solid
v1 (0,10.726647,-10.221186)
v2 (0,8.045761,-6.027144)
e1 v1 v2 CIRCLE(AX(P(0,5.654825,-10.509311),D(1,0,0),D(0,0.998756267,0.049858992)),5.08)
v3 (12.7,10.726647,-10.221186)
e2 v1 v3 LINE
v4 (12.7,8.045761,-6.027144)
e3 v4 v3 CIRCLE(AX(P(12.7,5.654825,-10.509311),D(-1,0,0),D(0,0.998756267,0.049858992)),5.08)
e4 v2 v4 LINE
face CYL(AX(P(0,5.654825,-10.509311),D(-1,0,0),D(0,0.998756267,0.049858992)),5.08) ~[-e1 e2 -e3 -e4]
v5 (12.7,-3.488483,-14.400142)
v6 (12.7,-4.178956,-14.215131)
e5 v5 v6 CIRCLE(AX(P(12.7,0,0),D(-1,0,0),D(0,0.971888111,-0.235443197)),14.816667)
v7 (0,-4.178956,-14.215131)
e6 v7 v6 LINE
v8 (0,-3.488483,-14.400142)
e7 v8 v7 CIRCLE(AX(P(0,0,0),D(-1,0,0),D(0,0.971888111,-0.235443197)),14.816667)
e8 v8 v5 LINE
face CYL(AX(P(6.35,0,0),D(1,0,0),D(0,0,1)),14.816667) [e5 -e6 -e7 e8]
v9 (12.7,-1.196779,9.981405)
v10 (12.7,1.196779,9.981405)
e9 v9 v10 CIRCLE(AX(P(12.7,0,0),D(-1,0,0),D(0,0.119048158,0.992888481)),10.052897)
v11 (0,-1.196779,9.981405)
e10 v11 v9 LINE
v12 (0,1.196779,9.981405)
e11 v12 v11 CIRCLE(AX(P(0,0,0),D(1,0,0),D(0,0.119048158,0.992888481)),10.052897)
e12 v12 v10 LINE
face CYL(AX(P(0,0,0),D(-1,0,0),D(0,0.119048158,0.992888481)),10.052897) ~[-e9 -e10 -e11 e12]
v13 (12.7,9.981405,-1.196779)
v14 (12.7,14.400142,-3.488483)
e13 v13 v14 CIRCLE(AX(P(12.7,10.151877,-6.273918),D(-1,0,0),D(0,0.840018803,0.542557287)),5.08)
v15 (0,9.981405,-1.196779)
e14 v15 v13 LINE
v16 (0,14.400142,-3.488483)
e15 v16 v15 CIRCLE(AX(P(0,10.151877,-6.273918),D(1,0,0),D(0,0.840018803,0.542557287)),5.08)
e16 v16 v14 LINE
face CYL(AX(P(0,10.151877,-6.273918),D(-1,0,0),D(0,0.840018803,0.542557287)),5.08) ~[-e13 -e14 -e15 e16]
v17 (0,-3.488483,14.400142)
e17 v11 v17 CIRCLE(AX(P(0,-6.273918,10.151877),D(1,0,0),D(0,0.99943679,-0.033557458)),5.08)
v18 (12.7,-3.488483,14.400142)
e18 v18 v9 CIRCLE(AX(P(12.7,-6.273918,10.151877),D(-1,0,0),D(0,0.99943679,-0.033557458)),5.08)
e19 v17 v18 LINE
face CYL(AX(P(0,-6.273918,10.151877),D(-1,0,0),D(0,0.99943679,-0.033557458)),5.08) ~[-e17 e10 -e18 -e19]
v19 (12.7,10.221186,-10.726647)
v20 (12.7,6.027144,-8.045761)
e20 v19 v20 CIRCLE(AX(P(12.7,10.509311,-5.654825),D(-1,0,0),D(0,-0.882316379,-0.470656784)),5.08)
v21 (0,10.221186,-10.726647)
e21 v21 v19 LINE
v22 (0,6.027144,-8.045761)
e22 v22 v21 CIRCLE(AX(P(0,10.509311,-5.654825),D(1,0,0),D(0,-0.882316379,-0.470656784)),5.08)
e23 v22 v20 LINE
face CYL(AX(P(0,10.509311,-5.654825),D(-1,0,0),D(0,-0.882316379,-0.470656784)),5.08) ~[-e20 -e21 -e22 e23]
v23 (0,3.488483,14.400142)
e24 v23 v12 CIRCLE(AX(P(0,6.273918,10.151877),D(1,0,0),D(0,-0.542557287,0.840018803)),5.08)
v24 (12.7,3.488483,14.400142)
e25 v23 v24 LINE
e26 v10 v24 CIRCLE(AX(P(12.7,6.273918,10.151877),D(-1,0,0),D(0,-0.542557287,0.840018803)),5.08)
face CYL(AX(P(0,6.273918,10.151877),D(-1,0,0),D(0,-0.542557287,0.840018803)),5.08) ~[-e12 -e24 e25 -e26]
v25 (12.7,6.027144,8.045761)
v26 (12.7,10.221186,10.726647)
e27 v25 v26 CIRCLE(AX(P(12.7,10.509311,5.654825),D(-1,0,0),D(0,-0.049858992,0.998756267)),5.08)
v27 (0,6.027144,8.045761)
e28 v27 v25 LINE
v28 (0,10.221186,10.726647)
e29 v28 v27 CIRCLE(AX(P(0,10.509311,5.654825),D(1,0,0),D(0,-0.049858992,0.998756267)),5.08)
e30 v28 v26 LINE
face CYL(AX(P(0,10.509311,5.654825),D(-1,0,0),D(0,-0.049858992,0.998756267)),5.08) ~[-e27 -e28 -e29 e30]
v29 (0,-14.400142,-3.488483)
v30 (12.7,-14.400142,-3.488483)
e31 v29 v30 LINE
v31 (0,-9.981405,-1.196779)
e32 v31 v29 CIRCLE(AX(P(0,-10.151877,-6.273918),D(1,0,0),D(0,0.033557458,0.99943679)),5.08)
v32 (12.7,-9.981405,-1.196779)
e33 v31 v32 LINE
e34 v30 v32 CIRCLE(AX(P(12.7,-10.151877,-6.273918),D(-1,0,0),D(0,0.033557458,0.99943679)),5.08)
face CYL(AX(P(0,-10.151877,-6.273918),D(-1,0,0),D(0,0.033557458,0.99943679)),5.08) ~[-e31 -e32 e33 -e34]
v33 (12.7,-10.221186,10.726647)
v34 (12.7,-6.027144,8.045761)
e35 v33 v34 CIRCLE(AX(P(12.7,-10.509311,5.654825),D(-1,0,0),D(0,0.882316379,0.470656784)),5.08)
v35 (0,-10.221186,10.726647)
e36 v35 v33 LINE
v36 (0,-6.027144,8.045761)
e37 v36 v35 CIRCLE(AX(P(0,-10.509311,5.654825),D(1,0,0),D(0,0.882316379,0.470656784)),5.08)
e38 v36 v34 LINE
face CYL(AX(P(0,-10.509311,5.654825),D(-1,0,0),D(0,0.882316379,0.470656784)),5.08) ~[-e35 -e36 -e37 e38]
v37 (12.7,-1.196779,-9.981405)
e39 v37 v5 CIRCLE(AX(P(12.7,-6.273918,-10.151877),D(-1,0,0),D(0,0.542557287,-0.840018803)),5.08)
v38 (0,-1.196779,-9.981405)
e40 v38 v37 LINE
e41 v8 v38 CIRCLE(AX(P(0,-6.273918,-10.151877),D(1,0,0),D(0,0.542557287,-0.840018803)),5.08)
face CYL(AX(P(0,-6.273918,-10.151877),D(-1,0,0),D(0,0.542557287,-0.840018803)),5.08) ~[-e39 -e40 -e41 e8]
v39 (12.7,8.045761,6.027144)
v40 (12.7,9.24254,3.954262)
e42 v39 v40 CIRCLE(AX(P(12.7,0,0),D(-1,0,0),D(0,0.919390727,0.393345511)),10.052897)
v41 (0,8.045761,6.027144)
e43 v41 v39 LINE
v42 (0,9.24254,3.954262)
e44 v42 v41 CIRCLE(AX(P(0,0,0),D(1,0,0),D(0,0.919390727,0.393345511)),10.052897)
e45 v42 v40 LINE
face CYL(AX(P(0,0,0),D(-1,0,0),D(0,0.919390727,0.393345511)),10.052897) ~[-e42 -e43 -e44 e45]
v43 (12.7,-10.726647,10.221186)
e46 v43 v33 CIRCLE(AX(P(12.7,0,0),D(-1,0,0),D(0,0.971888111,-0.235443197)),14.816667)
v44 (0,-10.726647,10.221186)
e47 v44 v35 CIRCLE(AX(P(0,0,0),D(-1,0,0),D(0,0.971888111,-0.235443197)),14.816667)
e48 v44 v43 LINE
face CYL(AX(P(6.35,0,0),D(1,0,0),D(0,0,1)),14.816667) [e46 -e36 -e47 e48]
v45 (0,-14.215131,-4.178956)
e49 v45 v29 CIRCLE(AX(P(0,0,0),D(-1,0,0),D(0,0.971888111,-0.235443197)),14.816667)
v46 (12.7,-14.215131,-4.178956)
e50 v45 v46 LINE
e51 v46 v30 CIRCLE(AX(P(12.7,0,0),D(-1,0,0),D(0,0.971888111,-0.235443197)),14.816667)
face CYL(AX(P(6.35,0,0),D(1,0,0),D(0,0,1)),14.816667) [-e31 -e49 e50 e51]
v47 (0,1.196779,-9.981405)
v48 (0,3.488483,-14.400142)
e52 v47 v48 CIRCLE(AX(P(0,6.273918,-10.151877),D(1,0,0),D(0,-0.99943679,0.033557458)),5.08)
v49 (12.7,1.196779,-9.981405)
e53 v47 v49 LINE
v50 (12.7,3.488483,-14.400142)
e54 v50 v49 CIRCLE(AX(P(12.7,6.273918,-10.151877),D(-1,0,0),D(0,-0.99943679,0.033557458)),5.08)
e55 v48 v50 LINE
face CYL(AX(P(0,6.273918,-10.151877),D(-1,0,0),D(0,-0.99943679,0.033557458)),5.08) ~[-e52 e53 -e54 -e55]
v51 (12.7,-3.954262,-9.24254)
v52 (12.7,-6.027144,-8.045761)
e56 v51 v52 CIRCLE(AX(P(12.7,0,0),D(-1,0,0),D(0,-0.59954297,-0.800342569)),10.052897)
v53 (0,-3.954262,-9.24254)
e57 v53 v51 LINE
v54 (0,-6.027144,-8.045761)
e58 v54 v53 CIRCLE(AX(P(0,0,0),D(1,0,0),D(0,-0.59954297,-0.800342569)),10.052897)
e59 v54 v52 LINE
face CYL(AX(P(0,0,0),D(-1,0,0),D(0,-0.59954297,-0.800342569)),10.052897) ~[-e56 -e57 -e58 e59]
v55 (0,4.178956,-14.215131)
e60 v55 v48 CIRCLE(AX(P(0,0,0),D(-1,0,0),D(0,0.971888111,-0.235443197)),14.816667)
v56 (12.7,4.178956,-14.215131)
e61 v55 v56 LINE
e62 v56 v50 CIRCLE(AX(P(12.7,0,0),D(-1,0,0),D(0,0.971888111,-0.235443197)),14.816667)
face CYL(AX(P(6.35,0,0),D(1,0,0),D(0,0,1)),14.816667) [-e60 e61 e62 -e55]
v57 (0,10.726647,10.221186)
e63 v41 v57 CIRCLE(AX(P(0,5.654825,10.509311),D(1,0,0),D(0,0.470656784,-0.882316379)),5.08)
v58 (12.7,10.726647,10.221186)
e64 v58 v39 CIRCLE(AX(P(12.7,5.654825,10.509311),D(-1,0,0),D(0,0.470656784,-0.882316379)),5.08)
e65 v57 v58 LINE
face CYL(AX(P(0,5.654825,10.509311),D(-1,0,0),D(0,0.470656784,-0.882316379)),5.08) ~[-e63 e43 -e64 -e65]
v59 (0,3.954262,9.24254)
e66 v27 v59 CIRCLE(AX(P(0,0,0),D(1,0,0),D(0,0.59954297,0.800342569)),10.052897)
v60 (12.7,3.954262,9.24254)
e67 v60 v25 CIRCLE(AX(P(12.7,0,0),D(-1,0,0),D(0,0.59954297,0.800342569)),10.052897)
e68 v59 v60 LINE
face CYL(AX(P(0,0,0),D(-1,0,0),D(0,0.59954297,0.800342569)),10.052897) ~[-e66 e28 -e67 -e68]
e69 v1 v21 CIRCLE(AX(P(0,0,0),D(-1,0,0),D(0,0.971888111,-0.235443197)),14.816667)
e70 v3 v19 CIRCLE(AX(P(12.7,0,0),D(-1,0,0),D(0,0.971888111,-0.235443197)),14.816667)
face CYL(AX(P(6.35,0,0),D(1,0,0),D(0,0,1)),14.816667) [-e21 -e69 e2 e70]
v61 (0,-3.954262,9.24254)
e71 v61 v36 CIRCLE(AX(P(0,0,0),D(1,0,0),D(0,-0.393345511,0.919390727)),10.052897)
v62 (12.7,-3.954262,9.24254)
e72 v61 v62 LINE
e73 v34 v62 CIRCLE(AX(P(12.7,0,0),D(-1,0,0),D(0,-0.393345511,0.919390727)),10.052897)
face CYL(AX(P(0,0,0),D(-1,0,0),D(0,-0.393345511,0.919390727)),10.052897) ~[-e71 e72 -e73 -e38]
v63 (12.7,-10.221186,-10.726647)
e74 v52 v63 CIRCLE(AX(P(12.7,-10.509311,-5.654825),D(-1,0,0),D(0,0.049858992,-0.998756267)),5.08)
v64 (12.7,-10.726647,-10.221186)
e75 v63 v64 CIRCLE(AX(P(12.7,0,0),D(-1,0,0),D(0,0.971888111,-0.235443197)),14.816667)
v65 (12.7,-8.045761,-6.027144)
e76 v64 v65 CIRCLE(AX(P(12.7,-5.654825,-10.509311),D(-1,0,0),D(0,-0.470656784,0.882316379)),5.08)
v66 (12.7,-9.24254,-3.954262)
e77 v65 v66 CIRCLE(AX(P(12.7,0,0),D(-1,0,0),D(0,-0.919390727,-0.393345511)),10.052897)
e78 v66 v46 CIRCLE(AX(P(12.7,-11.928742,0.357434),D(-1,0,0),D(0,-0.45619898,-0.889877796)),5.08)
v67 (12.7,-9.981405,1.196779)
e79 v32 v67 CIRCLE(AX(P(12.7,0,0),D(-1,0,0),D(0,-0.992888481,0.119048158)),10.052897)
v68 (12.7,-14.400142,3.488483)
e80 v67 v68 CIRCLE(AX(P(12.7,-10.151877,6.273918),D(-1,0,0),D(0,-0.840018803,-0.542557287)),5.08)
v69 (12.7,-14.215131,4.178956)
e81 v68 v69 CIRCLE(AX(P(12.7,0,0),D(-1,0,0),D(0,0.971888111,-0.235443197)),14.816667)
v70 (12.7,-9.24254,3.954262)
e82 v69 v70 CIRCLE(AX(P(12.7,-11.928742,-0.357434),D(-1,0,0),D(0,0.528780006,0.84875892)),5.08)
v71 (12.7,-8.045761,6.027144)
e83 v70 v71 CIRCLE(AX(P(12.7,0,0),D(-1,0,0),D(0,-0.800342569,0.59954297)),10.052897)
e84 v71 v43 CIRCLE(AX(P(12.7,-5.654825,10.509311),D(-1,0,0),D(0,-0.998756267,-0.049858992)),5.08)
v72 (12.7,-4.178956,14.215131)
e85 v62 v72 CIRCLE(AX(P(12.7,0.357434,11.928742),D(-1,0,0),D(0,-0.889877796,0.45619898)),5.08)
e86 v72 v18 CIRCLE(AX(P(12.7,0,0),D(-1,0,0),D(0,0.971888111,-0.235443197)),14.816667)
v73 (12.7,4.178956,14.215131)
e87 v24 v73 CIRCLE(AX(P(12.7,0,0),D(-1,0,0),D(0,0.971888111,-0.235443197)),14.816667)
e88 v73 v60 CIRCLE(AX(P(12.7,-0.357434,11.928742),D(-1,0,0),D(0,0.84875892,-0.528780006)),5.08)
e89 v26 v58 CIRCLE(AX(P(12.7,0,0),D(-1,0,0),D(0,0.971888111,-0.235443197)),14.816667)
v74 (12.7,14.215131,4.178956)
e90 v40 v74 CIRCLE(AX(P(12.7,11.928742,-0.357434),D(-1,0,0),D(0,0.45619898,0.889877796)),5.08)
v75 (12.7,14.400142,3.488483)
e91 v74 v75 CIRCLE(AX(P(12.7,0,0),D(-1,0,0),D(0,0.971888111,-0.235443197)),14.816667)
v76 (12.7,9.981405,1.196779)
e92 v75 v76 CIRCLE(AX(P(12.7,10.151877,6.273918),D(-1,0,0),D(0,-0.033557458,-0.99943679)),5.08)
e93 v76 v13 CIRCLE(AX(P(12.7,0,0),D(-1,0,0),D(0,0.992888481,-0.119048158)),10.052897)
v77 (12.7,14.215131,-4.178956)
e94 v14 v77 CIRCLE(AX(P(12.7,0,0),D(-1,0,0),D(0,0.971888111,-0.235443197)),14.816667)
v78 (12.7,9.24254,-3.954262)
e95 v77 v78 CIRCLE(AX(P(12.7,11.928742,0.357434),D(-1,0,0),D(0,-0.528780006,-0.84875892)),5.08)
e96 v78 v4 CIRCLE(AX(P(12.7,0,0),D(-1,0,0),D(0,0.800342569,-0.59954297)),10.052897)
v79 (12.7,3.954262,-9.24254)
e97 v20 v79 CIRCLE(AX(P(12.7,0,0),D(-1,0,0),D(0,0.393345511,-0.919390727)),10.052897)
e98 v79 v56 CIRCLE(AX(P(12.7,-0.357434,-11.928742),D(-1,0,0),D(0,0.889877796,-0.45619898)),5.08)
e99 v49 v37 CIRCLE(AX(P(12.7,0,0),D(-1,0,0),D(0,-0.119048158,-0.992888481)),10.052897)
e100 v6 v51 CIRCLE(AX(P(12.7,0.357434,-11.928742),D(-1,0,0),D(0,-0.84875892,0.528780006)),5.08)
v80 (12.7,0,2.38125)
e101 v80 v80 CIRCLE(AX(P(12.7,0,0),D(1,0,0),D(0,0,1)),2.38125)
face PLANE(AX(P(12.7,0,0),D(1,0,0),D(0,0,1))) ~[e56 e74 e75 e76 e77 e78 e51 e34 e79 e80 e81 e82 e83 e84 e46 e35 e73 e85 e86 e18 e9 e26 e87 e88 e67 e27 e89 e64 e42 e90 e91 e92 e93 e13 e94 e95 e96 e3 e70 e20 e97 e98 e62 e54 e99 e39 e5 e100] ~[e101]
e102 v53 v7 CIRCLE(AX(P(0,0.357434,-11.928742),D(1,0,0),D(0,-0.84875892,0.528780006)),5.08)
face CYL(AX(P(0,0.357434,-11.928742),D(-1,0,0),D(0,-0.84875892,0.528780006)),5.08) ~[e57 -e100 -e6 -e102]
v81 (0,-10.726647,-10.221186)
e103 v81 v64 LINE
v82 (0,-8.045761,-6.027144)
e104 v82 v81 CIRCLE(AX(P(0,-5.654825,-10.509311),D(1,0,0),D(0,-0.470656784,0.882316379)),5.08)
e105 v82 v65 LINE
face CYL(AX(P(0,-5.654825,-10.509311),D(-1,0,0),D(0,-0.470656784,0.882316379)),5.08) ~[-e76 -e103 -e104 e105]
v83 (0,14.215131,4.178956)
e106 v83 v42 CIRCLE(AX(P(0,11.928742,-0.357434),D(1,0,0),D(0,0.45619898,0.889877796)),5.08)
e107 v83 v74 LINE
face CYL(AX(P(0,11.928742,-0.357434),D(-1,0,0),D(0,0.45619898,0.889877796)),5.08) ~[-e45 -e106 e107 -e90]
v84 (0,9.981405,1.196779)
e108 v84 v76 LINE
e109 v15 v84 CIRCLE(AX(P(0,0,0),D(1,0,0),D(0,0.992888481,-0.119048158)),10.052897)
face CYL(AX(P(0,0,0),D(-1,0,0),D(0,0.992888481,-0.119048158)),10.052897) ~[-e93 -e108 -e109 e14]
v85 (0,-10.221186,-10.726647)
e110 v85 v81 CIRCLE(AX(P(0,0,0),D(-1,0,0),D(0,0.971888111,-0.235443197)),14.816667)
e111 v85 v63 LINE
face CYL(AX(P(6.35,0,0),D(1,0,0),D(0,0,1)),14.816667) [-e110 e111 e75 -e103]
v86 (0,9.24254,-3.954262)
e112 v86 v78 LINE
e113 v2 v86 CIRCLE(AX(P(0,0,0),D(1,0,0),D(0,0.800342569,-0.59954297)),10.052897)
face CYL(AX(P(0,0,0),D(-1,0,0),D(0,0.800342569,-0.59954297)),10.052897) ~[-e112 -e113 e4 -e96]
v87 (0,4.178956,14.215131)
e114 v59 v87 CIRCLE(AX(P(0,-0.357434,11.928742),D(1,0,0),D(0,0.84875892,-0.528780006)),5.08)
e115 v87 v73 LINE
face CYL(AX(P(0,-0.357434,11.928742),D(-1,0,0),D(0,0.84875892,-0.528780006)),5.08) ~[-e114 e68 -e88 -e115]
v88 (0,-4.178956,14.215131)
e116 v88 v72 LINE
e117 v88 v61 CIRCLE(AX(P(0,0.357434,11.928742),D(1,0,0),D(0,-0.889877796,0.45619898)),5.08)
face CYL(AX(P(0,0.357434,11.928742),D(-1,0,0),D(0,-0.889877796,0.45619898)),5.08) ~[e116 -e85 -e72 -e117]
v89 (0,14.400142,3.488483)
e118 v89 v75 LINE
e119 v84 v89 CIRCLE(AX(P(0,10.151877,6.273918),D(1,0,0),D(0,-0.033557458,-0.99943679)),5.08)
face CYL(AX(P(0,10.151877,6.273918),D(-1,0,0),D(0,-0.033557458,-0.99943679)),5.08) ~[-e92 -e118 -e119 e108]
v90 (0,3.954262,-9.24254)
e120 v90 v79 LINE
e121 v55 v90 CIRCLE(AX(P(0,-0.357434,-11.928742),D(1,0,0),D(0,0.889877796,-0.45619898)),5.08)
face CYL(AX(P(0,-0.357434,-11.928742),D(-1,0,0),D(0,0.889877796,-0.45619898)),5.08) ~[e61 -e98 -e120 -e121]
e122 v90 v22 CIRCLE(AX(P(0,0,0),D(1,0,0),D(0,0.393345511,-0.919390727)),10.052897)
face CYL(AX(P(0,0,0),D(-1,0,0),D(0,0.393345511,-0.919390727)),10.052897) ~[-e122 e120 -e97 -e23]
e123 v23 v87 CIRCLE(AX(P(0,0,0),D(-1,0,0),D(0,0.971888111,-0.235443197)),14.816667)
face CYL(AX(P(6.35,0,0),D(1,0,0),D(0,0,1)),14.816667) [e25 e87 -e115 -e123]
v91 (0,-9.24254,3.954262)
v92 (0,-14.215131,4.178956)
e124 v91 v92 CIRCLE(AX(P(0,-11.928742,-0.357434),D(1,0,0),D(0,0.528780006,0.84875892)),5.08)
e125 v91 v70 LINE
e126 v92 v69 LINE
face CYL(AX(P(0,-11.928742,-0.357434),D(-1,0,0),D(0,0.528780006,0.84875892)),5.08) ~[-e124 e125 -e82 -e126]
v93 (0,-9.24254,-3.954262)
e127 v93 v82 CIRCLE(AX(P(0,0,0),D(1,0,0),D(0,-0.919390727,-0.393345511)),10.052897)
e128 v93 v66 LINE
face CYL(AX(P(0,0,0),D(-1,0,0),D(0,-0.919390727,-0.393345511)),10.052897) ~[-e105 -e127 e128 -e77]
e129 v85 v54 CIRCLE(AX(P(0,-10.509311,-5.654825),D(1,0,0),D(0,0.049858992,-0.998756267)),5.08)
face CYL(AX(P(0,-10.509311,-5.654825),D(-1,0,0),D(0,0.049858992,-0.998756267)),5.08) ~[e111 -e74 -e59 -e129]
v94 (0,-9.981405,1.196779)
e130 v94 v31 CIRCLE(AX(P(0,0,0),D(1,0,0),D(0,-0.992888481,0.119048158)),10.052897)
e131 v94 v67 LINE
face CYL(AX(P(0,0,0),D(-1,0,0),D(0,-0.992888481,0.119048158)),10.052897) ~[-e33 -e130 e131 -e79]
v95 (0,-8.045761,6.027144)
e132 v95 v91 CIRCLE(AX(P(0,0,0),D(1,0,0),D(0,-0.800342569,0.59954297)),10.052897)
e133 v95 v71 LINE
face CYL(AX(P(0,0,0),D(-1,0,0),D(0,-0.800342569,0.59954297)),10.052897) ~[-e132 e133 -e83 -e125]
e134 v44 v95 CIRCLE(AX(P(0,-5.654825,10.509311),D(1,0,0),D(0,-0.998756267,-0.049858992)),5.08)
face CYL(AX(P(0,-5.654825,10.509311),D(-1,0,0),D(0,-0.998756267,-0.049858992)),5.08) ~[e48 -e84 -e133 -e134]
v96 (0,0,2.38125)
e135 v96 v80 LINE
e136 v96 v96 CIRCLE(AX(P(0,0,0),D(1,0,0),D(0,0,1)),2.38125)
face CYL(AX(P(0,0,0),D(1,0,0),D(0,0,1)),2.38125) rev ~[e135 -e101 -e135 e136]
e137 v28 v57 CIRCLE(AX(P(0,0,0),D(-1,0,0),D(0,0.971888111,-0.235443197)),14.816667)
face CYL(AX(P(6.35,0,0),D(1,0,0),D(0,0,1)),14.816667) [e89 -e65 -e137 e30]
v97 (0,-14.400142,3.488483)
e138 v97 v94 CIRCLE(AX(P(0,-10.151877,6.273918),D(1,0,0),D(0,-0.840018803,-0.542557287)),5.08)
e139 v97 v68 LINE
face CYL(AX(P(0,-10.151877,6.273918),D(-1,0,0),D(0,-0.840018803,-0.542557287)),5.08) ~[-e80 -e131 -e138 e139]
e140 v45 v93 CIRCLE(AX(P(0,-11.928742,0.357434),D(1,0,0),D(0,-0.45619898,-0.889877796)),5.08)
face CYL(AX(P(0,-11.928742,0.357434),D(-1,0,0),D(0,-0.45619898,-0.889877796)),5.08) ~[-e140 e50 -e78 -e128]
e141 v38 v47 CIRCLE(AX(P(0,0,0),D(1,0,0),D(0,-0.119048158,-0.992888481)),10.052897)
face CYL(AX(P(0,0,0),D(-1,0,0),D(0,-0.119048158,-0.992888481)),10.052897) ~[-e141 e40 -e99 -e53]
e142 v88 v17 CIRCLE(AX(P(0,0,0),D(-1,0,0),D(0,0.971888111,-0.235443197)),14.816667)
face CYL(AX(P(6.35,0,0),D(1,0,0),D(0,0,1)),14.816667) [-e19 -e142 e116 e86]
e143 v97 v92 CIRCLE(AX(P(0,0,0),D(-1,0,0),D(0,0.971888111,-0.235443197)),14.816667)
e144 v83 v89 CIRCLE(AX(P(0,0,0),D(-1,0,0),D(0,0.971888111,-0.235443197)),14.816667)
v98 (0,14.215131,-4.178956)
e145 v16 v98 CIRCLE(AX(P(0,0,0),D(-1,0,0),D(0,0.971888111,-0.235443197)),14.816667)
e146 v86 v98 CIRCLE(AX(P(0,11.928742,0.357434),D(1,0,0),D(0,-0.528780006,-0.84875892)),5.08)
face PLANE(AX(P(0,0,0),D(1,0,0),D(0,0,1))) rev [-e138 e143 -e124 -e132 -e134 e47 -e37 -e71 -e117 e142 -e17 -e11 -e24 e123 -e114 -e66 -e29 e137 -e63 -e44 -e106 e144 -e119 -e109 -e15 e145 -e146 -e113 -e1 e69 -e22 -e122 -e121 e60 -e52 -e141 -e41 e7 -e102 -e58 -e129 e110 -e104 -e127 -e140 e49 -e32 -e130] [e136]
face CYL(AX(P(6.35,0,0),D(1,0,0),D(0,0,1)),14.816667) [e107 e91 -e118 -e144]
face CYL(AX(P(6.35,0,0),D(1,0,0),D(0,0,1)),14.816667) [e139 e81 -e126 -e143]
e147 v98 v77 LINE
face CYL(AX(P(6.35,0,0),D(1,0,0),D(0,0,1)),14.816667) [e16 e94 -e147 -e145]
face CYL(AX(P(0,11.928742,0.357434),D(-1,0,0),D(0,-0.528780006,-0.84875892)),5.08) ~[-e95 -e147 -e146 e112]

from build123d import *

# Parameters (mm, degrees)
BASPROSKE_W     = 12.7
BASPROSKE_H     = 14.816666667
TOOTHCUT_DEPTH  = 25.502188111
TEETHCUTS_COUNT = 12
TEETHCUTS_ANGLE = 330
BORSKE_R        = 2.38125
BORE_DEPTH      = 50.8000508


with BuildPart() as part:
    # BasProSke → Base-Revolve (revolve)
    with BuildSketch(Plane(origin=(0, 0, 0), x_dir=(1, 0, 0), z_dir=(0, 1, 0)), mode=Mode.PRIVATE) as base_revolve_sk:
        with Locations((6.35, 7.408333334)):
            Rectangle(BASPROSKE_W, BASPROSKE_H)
    revolve(base_revolve_sk.sketch.rotate(Axis((-10, 0, 0), (1, 0, 0)), 180), axis=Axis((-10, 0, 0), (1, 0, 0)))

    # TooCutSke → ToothCut (cut, through all)
    with BuildSketch(Plane(origin=(0, 0, 0), x_dir=(0, 0, -1), z_dir=(1, 0, 0))):
        with BuildLine():
            ThreePointArc((1.196778833, 9.981405303), (0, 10.052896667), (-1.196778833, 9.981405303))
            ThreePointArc((-1.196778833, 9.981405303), (-1.772394731, 12.506169172), (-3.517726707, 14.419172714))
            ThreePointArc((-3.517726707, 14.419172714), (0, 14.842066667), (3.517726707, 14.419172714))
            ThreePointArc((3.517726707, 14.419172714), (1.772394731, 12.506169172), (1.196778833, 9.981405303))
        make_face()
    toothcut = extrude(amount=TOOTHCUT_DEPTH, mode=Mode.SUBTRACT)

    # TeethCuts: ToothCut ×12 about axis
    teethcuts_axis = Axis((-10, 0, 0), (1, 0, 0))
    for i in range(1, TEETHCUTS_COUNT):
        add(toothcut.rotate(teethcuts_axis, i * TEETHCUTS_ANGLE / (TEETHCUTS_COUNT - 1)), mode=Mode.SUBTRACT)

    # BorSke → Bore (cut, symmetric)
    with BuildSketch(Plane(origin=(0, 0, 0), x_dir=(0, 0, -1), z_dir=(1, 0, 0))):
        with Locations(Location((0, 0, 0), (0, 0, 180))):
            Circle(BORSKE_R)
    extrude(amount=BORE_DEPTH, both=True, mode=Mode.SUBTRACT)


solid = part.part
